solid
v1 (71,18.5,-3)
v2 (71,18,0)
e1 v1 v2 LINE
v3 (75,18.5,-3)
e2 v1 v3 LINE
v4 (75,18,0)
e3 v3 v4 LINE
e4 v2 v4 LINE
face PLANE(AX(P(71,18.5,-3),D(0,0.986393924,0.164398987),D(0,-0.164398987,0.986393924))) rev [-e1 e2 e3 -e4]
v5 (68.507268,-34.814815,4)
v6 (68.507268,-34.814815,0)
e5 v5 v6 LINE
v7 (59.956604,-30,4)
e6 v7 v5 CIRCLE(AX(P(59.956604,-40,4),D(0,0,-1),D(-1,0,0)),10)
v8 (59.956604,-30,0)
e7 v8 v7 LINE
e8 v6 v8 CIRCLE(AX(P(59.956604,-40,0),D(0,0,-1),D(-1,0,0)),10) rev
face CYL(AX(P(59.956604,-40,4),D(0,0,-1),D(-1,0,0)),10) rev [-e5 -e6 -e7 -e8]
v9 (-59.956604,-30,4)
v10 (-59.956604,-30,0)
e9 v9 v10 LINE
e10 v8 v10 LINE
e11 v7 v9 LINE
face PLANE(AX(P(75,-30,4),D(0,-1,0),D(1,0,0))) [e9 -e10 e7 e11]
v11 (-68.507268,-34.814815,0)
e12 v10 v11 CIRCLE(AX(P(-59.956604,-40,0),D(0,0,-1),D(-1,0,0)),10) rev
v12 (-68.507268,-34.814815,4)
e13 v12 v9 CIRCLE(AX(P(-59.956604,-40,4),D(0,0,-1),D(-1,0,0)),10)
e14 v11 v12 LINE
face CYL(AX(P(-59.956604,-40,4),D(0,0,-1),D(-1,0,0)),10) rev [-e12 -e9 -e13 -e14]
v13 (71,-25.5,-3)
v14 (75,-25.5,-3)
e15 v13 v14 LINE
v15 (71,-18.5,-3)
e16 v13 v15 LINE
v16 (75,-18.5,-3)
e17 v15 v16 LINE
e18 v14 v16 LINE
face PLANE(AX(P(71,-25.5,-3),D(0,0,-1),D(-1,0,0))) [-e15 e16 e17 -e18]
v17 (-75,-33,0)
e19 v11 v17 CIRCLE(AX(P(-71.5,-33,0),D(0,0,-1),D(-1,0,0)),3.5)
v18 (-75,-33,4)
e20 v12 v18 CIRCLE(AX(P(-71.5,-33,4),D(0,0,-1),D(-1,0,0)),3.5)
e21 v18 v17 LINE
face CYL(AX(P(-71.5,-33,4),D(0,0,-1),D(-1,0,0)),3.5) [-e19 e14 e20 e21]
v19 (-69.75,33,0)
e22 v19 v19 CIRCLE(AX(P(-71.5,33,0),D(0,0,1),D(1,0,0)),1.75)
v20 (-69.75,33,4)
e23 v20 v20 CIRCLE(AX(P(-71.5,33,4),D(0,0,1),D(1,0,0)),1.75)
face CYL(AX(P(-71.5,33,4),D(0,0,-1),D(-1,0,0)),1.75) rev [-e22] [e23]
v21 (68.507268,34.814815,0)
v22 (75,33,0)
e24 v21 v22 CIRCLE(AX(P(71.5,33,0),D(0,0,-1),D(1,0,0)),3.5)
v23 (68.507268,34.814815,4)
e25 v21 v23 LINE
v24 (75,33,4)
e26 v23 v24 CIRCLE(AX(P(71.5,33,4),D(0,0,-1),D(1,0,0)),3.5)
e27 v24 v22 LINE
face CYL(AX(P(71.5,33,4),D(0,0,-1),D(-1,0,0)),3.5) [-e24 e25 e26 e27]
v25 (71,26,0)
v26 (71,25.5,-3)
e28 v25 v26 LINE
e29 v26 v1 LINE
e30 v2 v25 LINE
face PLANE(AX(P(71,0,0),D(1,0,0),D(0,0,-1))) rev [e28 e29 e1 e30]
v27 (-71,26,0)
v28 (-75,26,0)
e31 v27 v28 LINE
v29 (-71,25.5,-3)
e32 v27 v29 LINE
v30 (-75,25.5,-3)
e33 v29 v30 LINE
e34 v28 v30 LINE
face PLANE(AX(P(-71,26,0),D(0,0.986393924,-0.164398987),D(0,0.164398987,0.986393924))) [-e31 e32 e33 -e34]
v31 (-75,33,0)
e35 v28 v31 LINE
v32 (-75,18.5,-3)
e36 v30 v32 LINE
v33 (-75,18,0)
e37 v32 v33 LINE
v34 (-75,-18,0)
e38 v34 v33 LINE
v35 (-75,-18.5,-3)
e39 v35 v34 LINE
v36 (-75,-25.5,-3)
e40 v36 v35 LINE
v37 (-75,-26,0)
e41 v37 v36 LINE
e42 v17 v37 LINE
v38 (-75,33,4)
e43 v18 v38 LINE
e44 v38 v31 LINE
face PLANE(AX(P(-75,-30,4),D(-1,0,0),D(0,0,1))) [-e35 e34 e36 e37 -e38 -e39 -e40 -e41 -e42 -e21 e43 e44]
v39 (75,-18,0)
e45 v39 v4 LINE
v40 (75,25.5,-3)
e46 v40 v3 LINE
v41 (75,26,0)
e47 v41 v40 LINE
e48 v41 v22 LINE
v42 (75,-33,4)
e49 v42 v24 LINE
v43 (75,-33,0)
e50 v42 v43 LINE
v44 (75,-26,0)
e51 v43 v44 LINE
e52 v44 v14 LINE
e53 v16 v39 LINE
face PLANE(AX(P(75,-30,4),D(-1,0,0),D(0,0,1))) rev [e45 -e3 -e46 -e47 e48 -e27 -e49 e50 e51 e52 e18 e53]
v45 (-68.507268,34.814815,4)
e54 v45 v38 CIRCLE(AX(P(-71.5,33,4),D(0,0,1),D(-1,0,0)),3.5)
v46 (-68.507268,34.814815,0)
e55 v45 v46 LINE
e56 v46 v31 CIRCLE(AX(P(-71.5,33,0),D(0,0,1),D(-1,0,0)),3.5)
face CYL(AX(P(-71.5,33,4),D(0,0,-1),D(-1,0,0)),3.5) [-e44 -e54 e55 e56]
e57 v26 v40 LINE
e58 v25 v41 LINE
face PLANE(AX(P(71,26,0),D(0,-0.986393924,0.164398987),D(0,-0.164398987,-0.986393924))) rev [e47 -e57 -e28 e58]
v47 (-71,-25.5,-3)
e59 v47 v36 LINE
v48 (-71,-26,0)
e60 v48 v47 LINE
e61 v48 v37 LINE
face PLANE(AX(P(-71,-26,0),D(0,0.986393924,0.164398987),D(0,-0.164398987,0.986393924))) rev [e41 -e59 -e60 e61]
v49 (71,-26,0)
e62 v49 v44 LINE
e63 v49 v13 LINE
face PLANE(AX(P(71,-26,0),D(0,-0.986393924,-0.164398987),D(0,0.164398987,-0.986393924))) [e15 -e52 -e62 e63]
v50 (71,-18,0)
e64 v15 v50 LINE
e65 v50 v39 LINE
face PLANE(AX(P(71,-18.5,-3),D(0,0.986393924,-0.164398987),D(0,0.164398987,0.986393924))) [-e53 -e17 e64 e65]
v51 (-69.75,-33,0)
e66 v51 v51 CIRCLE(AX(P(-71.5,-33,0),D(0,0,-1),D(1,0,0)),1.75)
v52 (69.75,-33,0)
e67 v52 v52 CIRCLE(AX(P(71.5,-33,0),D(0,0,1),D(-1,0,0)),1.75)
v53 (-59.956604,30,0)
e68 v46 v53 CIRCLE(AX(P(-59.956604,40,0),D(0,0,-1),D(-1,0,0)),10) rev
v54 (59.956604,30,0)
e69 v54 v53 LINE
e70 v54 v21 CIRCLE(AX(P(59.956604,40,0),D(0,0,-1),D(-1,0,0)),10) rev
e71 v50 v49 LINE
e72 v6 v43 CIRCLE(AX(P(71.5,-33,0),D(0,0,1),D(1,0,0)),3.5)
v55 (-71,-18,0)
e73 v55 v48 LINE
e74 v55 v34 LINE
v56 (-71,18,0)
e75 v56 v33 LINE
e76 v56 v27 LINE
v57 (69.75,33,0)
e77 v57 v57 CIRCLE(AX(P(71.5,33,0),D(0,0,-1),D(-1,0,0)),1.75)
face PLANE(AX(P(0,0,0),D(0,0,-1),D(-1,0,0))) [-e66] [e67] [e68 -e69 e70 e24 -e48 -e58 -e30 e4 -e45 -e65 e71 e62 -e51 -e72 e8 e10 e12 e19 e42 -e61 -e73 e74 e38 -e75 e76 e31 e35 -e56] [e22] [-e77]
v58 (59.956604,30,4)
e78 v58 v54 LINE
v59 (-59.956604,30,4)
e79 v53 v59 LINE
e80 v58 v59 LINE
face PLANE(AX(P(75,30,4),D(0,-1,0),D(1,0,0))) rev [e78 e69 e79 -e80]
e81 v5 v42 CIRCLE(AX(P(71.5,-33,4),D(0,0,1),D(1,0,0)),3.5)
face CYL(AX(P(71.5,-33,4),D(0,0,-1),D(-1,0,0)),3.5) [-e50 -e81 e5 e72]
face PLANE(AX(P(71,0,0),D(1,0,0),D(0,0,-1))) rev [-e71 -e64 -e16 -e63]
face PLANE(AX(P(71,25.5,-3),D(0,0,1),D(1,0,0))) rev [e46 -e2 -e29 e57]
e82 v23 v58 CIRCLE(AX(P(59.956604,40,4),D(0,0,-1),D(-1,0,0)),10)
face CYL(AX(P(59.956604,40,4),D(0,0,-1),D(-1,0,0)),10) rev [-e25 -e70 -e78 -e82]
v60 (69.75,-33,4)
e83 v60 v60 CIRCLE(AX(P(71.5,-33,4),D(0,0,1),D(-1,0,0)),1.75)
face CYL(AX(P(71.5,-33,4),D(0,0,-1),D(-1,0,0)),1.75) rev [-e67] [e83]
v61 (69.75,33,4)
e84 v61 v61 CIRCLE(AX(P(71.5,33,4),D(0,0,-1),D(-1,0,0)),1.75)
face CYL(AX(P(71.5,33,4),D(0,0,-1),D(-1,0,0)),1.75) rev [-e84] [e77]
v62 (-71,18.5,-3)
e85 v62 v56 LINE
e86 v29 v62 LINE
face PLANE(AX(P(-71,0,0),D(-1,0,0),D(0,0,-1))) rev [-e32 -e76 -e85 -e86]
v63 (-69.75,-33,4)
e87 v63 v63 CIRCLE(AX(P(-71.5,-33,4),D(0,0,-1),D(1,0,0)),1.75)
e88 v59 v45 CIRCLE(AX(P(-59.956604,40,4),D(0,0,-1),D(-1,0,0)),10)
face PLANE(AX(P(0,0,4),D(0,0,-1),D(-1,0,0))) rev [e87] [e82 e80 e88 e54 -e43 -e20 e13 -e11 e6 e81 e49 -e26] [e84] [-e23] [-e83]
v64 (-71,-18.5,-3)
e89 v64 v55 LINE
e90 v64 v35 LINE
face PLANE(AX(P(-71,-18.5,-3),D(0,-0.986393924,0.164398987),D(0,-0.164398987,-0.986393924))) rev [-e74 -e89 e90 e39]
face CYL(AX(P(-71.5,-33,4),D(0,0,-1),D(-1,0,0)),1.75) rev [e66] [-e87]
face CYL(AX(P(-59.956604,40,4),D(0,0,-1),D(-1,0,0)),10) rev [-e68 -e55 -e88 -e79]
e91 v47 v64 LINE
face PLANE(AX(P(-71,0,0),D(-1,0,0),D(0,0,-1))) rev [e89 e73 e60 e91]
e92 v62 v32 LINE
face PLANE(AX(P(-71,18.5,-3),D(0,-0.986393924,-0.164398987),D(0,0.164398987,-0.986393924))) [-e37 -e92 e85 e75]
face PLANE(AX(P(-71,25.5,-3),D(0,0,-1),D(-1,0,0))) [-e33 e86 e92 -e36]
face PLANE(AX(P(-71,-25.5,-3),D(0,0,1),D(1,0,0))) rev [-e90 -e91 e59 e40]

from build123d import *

# Parameters (mm, degrees)
SCHIZZO1_W                   = 150
SCHIZZO1_H                   = 60
ESTRUSIONE_ESTRUSIONE1_DEPTH = 4
SCHIZZO5_R                   = 1.75
ESTRUSIONE_ESTRUSIONE3_DEPTH = 4
SPECCHIA6_COPY_1_SKETCH_R    = 1.75
SPECCHIA6_COPY_1_DEPTH       = 4
RACCORDO2_R                  = 10
ESTRUSIONE_ESTRUSIONE4_DEPTH = 4
SPECCHIA8_COPY_1_DEPTH       = 4


with BuildPart() as part:
    # Schizzo1 → Estrusione-Estrusione1 (new body)
    with BuildSketch(Plane.XY):
        Rectangle(SCHIZZO1_W, SCHIZZO1_H)
    extrude(amount=ESTRUSIONE_ESTRUSIONE1_DEPTH)

    # Schizzo5 → Estrusione-Estrusione3 (add)
    with BuildSketch(Plane(origin=(0, 0, 0), x_dir=(-1, 0, 0), z_dir=(0, 0, -1))):
        with BuildLine():
            Line((-75, 30), (-68, 30))
            Line((-68, 30), (-68, 33))
            ThreePointArc((-68, 33), (-71.5, 36.5), (-75, 33))
            Line((-75, 33), (-75, 30))
        make_face()
        with Locations((-71.5, 33)):
            Circle(SCHIZZO5_R, mode=Mode.SUBTRACT)
    estrusione_estrusione3 = extrude(amount=-ESTRUSIONE_ESTRUSIONE3_DEPTH)

    # Specchia5: Estrusione-Estrusione3 across plane
    add(estrusione_estrusione3.mirror(Plane(origin=(0, 0, 0), x_dir=(0, 0, 1), z_dir=(1, 0, 0))))

    # Specchia6: Estrusione-Estrusione3 across plane
    add(estrusione_estrusione3.mirror(Plane.ZX))

    # Specchia6 copy 1 sketch → Specchia6 copy 1 (add)
    with BuildSketch(Plane(origin=(0, 0, 0), x_dir=(1, 0, 0), z_dir=(0, 0, -1))):
        with BuildLine():
            Line((-75, 30), (-68, 30))
            Line((-68, 30), (-68, 33))
            ThreePointArc((-68, 33), (-71.5, 36.5), (-75, 33))
            Line((-75, 33), (-75, 30))
        make_face()
        with Locations((-71.5, 33)):
            Circle(SPECCHIA6_COPY_1_SKETCH_R, mode=Mode.SUBTRACT)
    extrude(amount=-SPECCHIA6_COPY_1_DEPTH)

    # Raccordo2
    raccordo2_edges = [part.edges().sort_by_distance(p)[0] for p in [
        (68, -30, 2),
        (-68, -30, 2),
        (68, 30, 2),
        (-68, 30, 2),
    ]]
    fillet(raccordo2_edges, radius=RACCORDO2_R)

    # Schizzo6 → Estrusione-Estrusione4 (add)
    with BuildSketch(Plane(origin=(75, 0, 0), x_dir=(0, 0, -1), z_dir=(1, 0, 0))):
        Polygon((0, -26), (3, -25.5), (3, -18.5), (0, -18), align=None)
    estrusione_estrusione4 = extrude(amount=-ESTRUSIONE_ESTRUSIONE4_DEPTH)

    # Specchia7: Estrusione-Estrusione4 across plane
    add(estrusione_estrusione4.mirror(Plane(origin=(0, 0, 0), x_dir=(0, 0, 1), z_dir=(1, 0, 0))))

    # Specchia8: Estrusione-Estrusione4 across plane
    add(estrusione_estrusione4.mirror(Plane.ZX))

    # Specchia8 copy 1 sketch → Specchia8 copy 1 (add)
    with BuildSketch(Plane(origin=(-75, 0, 0), x_dir=(0, 0, -1), z_dir=(-1, 0, 0))):
        Polygon((0, -26), (3, -25.5), (3, -18.5), (0, -18), align=None)
    extrude(amount=-SPECCHIA8_COPY_1_DEPTH)


solid = part.part
